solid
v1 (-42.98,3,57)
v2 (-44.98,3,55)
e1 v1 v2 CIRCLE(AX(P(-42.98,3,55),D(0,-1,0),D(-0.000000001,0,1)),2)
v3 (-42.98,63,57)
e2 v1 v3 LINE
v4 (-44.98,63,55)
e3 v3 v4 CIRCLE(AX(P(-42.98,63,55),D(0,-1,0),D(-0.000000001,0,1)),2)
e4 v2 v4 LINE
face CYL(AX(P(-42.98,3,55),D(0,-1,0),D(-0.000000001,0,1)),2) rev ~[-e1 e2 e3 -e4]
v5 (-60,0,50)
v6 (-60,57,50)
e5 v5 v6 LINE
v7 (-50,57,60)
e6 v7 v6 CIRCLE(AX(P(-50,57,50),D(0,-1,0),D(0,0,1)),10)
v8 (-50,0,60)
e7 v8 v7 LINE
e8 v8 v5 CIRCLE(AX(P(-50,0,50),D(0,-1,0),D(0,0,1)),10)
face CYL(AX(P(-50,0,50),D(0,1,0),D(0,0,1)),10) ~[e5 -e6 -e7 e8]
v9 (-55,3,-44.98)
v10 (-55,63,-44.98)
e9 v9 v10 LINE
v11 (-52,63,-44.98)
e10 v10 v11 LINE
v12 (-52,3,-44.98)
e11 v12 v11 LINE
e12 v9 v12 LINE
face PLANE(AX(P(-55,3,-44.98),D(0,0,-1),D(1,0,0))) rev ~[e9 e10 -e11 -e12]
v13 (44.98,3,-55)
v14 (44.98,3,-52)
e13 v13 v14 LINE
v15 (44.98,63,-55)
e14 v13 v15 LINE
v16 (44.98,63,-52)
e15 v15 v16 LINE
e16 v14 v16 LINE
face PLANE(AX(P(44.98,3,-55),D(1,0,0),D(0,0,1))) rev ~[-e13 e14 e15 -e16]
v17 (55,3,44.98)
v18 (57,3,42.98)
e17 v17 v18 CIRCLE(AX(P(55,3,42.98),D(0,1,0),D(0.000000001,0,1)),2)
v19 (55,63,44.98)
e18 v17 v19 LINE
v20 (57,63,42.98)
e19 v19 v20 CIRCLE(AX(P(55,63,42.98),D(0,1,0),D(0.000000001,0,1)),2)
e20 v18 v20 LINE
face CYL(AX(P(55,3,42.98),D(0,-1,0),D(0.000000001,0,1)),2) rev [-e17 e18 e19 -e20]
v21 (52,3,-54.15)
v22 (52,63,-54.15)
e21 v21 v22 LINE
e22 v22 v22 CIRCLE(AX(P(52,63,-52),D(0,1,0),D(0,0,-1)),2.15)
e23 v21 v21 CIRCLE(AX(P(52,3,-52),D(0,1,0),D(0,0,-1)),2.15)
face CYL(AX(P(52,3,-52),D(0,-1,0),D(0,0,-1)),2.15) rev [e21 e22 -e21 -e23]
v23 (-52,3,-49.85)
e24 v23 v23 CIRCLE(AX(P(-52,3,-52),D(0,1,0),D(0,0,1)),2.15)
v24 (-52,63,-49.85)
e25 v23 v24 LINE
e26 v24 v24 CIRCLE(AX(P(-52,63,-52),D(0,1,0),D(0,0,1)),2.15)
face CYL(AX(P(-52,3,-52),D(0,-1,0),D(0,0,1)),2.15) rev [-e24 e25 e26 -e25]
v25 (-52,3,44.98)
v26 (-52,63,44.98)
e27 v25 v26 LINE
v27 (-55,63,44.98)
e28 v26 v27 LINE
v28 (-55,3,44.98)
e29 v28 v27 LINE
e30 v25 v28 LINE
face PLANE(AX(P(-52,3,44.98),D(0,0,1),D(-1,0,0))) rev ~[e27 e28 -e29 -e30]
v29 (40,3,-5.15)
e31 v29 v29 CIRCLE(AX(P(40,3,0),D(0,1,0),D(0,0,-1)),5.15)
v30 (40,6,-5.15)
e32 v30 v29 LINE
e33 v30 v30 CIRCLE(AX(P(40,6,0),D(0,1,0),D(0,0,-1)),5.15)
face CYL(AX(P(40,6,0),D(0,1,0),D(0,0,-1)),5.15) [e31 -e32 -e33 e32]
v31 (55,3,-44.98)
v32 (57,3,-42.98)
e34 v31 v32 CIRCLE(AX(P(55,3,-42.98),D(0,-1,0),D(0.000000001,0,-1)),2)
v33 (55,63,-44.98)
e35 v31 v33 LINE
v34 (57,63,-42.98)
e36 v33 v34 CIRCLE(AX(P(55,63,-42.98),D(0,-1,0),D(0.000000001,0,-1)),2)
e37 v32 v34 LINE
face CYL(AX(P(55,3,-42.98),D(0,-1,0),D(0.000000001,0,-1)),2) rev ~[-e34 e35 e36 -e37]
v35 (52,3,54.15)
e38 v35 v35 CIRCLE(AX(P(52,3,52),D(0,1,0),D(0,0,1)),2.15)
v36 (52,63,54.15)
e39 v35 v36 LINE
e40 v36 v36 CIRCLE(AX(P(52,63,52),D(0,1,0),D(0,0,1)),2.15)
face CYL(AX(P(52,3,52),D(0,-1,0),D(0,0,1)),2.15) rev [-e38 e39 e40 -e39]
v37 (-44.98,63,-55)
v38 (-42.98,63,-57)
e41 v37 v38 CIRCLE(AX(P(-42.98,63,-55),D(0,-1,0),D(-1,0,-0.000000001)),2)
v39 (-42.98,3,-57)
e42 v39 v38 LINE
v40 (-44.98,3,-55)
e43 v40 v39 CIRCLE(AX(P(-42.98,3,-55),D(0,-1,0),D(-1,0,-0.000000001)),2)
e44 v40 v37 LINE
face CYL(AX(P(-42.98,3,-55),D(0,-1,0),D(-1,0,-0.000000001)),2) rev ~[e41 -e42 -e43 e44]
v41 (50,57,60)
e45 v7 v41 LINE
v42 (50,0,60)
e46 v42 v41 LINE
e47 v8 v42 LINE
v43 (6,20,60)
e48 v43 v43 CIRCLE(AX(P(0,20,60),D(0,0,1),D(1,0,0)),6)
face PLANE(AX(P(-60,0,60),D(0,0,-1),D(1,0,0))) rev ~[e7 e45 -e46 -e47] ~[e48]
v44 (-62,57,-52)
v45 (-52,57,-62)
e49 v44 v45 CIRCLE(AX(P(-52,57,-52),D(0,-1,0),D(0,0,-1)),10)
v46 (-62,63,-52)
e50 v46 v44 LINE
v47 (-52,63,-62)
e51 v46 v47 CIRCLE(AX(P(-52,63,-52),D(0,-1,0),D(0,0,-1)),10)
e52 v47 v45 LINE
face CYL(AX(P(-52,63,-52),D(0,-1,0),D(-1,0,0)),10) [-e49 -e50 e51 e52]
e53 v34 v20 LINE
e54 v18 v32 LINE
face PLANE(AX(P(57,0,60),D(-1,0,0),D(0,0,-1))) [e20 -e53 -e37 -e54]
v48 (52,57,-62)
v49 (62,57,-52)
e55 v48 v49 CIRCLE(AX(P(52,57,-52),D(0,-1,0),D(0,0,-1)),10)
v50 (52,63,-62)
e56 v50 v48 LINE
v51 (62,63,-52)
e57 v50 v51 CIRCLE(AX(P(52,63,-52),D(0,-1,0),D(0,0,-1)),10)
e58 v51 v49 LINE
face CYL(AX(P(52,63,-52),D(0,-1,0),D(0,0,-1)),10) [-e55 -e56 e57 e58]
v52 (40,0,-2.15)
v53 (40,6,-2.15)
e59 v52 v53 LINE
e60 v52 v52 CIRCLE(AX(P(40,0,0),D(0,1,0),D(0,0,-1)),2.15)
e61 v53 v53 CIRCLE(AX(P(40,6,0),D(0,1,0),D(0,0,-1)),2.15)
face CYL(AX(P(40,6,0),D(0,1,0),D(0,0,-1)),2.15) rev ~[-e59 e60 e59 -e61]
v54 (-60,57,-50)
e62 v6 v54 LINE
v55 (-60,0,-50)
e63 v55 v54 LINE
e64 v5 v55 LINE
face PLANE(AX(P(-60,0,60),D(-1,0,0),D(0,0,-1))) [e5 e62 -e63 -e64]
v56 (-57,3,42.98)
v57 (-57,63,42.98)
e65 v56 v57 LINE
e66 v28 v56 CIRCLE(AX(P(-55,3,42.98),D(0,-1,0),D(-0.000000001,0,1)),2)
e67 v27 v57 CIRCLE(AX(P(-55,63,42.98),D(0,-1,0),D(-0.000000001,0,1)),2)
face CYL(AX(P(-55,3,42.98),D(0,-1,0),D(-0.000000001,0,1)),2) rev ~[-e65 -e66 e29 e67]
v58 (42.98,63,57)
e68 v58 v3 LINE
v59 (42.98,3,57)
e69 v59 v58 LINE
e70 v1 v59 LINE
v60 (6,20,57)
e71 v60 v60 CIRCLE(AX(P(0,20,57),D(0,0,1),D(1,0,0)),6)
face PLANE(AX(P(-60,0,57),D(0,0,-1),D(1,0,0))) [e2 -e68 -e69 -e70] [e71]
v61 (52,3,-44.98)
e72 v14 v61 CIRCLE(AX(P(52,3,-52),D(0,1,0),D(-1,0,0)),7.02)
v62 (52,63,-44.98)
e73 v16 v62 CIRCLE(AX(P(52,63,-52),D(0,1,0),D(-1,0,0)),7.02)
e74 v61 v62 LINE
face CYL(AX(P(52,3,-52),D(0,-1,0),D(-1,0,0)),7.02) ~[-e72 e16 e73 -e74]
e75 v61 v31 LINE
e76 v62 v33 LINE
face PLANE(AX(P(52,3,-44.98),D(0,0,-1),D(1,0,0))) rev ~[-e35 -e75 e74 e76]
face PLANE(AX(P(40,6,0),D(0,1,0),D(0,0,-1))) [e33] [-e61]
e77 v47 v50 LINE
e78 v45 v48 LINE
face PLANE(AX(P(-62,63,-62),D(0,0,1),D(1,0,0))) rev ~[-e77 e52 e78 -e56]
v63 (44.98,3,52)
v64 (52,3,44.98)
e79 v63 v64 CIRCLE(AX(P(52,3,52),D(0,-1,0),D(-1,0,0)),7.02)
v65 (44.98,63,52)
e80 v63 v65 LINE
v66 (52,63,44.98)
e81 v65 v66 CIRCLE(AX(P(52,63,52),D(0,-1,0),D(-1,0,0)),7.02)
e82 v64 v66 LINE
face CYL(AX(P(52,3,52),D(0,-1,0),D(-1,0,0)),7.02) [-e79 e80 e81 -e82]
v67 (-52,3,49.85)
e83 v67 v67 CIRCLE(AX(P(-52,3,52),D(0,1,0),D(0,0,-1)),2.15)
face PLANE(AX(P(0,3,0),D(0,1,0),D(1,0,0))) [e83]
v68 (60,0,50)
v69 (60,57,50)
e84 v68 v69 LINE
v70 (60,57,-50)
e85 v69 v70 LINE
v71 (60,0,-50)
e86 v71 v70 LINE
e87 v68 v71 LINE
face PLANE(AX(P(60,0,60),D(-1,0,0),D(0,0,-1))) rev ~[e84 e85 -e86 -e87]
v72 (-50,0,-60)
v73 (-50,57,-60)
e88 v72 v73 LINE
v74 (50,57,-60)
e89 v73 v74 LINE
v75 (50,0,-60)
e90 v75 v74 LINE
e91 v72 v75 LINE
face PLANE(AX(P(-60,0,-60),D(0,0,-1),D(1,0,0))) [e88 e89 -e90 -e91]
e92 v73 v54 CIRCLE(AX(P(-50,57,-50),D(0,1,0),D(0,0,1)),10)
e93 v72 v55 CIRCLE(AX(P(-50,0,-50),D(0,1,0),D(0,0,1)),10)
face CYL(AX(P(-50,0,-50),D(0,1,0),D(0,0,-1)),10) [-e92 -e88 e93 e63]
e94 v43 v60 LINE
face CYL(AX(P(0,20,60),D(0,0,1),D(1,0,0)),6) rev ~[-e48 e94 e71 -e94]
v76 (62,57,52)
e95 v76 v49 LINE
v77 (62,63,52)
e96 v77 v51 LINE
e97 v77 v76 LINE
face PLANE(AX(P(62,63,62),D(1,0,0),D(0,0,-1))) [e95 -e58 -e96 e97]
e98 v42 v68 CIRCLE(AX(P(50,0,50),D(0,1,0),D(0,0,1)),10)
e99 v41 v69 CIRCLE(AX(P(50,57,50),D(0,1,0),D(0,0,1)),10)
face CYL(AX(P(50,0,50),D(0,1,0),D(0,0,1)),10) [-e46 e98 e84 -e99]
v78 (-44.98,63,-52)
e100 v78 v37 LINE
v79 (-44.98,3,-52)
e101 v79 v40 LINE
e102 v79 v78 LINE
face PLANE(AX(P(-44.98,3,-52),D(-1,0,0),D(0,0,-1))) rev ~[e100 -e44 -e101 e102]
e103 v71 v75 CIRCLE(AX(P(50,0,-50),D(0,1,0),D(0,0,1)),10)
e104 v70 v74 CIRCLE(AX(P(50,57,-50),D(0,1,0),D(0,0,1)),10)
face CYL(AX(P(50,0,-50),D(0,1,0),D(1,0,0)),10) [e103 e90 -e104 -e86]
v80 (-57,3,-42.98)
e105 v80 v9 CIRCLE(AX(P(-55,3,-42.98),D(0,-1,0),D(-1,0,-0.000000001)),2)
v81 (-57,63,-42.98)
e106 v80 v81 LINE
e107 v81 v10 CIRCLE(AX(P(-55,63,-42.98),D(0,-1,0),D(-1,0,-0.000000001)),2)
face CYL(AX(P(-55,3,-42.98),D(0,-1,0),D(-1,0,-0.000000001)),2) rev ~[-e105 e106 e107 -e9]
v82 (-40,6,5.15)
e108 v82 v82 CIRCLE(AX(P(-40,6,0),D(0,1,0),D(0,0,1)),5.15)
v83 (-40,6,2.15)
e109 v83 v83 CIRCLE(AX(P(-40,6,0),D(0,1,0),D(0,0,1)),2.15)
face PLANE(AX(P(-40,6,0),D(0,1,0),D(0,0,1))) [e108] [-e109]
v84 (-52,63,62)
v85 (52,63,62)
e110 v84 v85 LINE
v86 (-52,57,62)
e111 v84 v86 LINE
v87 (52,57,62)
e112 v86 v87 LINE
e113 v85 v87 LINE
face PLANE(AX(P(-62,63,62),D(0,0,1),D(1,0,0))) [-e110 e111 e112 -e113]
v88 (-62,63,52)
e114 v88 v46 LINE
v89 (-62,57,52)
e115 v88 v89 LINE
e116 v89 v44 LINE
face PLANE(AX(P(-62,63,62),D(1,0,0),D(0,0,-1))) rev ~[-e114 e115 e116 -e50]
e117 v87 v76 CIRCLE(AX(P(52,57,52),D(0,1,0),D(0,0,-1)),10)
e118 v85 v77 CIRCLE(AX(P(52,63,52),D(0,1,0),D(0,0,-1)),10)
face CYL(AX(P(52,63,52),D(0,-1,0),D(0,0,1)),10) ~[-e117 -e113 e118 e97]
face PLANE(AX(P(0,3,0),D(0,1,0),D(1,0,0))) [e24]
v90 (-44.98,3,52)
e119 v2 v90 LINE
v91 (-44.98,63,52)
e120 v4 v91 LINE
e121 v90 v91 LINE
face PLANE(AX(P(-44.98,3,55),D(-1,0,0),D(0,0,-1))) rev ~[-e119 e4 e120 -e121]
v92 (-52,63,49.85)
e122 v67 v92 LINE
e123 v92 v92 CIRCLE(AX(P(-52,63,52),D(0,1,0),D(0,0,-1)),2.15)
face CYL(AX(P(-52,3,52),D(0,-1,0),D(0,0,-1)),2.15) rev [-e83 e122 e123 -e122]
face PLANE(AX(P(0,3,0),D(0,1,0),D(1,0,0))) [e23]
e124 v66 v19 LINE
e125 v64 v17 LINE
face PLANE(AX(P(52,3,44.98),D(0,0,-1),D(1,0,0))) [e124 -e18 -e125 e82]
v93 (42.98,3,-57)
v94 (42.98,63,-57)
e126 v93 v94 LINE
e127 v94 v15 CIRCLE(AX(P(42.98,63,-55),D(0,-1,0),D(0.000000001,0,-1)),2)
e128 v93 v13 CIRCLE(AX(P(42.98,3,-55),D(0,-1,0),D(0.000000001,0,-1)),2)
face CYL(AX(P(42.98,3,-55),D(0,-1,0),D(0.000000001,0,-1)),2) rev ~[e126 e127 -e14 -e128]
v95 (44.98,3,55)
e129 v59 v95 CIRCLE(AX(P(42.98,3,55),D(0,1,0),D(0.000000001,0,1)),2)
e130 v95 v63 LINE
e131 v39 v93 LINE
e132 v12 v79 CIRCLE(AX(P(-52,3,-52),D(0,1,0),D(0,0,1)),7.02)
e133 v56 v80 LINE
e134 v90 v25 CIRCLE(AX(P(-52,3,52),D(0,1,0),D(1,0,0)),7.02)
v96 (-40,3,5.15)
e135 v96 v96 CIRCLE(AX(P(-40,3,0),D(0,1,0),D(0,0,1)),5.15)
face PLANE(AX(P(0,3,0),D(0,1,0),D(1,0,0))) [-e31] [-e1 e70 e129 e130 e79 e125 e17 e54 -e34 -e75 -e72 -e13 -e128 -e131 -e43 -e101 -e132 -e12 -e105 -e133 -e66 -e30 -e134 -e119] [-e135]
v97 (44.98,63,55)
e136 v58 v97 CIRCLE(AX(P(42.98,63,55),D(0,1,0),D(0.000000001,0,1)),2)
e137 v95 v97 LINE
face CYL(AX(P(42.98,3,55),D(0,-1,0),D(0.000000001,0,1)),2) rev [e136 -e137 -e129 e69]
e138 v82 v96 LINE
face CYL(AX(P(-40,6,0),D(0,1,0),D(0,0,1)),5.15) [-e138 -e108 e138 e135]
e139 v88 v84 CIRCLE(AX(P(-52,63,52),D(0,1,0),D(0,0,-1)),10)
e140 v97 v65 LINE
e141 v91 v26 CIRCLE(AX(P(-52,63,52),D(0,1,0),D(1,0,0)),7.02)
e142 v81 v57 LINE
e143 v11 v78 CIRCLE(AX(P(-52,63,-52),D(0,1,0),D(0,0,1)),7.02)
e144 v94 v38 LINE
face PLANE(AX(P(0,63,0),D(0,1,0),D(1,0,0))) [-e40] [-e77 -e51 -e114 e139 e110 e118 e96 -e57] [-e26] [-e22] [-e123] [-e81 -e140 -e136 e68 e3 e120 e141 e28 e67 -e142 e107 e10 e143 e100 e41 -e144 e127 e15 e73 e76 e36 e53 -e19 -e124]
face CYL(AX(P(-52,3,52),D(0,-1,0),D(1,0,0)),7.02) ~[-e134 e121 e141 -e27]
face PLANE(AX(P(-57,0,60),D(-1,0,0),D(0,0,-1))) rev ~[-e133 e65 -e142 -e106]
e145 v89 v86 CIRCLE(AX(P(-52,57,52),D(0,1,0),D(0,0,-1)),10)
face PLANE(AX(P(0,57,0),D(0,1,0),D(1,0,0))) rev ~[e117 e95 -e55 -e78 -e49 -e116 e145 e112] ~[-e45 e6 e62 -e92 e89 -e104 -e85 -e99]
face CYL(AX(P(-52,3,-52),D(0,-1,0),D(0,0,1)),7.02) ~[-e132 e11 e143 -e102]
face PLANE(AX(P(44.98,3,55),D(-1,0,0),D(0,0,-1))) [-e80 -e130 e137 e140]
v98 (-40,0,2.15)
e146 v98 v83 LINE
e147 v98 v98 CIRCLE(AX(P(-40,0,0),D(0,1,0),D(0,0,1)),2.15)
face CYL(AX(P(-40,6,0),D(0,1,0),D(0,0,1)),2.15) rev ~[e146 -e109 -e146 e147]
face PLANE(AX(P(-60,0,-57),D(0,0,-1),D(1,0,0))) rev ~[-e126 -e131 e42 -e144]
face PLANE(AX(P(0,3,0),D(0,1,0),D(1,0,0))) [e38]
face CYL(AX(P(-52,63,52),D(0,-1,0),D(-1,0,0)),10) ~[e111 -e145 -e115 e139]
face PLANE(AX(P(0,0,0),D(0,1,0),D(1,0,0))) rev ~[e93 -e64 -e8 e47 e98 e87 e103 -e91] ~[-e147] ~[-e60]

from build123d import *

# Parameters (mm, degrees)
SKETCH1_W           = 120
SKETCH1_H           = 120
BOSS_EXTRUDE1_DEPTH = 63
SHELL1_T            = -3
SKETCH2_R           = 2.15
BOSS_EXTRUDE2_DEPTH = 60
SKETCH3_W           = 124
SKETCH3_H           = 124
SKETCH3_W_2         = 120
SKETCH3_H_2         = 120
BOSS_EXTRUDE3_DEPTH = 6
FILLET1_R           = 10
SKETCH4_R           = 2.15
CUT_EXTRUDE1_DEPTH  = 3
BOSS_EXTRUDE4_START = 3
SKETCH5_R           = 5.15
SKETCH5_R_2         = 2.15
BOSS_EXTRUDE4_DEPTH = 3
SKETCH6_R           = 6
CUT_EXTRUDE2_DEPTH  = 10


with BuildPart() as part:
    # Sketch1 → Boss-Extrude1 (new body)
    with BuildSketch(Plane(origin=(0, 0, 0), x_dir=(1, 0, 0), z_dir=(0, 1, 0))):
        Rectangle(SKETCH1_W, SKETCH1_H)
    extrude(amount=BOSS_EXTRUDE1_DEPTH)

    # Shell1
    shell1_openings = [part.faces().sort_by_distance(p)[0] for p in [
        (0, 63, 0),
    ]]
    offset(amount=SHELL1_T, openings=shell1_openings, kind=Kind.INTERSECTION)

    # Sketch2 → Boss-Extrude2 (add)
    # profile 1 of 4: a face of its own
    with BuildSketch(Plane(origin=(0, 3, 0), x_dir=(1, 0, 0), z_dir=(0, 1, 0))):
        with BuildLine():
            Line((52, 44.98), (55, 44.98))
            ThreePointArc((55, 44.98), (56.414213562, 44.394213562), (57, 42.98))
            Line((57, 42.98), (57, 57))
            Line((57, 57), (42.98, 57))
            ThreePointArc((42.98, 57), (44.394213562, 56.414213562), (44.98, 55))
            Line((44.98, 55), (44.98, 52))
            ThreePointArc((44.98, 52), (47.036110396, 47.036110396), (52, 44.98))
        make_face()
        with Locations((52, 52)):
            Circle(SKETCH2_R, mode=Mode.SUBTRACT)
    # profile 2 of 4: a face of its own
    with BuildSketch(Plane(origin=(0, 3, 0), x_dir=(1, 0, 0), z_dir=(0, 1, 0))):
        with BuildLine():
            Line((-44.98, 52), (-44.98, 55))
            ThreePointArc((-44.98, 55), (-44.394213562, 56.414213562), (-42.98, 57))
            Line((-42.98, 57), (-57, 57))
            Line((-57, 57), (-57, 42.98))
            ThreePointArc((-57, 42.98), (-56.414213562, 44.394213562), (-55, 44.98))
            Line((-55, 44.98), (-52, 44.98))
            ThreePointArc((-52, 44.98), (-47.036110396, 47.036110396), (-44.98, 52))
        make_face()
        with Locations((-52, 52)):
            Circle(SKETCH2_R, mode=Mode.SUBTRACT)
    # profile 3 of 4: a face of its own
    with BuildSketch(Plane(origin=(0, 3, 0), x_dir=(1, 0, 0), z_dir=(0, 1, 0))):
        with BuildLine():
            Line((57, -42.98), (57, -57))
            Line((57, -57), (42.98, -57))
            ThreePointArc((42.98, -57), (44.394213562, -56.414213562), (44.98, -55))
            Line((44.98, -55), (44.98, -52))
            ThreePointArc((44.98, -52), (47.036110396, -47.036110396), (52, -44.98))
            Line((52, -44.98), (55, -44.98))
            ThreePointArc((55, -44.98), (56.414213562, -44.394213562), (57, -42.98))
        make_face()
        with Locations((52, -52)):
            Circle(SKETCH2_R, mode=Mode.SUBTRACT)
    # profile 4 of 4: a face of its own
    with BuildSketch(Plane(origin=(0, 3, 0), x_dir=(1, 0, 0), z_dir=(0, 1, 0))):
        with BuildLine():
            Line((-52, -44.98), (-55, -44.98))
            ThreePointArc((-55, -44.98), (-56.414213562, -44.394213562), (-57, -42.98))
            Line((-57, -42.98), (-57, -57))
            Line((-57, -57), (-42.98, -57))
            ThreePointArc((-42.98, -57), (-44.394213562, -56.414213562), (-44.98, -55))
            Line((-44.98, -55), (-44.98, -52))
            ThreePointArc((-44.98, -52), (-47.036110396, -47.036110396), (-52, -44.98))
        make_face()
        with Locations((-52, -52)):
            Circle(SKETCH2_R, mode=Mode.SUBTRACT)
    extrude(amount=BOSS_EXTRUDE2_DEPTH)

    # Sketch3 → Boss-Extrude3 (add)
    with BuildSketch(Plane(origin=(0, 63, 0), x_dir=(1, 0, 0), z_dir=(0, 1, 0))):
        Rectangle(SKETCH3_W, SKETCH3_H)
        Rectangle(SKETCH3_W_2, SKETCH3_H_2, mode=Mode.SUBTRACT)
    extrude(amount=-BOSS_EXTRUDE3_DEPTH)

    # Fillet1
    fillet1_edges = [part.edges().sort_by_distance(p)[0] for p in [
        (62, 60, 62),
        (60, 28.5, 60),
        (62, 60, -62),
        (60, 28.5, -60),
        (-62, 60, -62),
        (-60, 28.5, -60),
        (-62, 60, 62),
        (-60, 28.5, 60),
    ]]
    fillet(fillet1_edges, radius=FILLET1_R)

    # Sketch4 → Cut-Extrude1 (cut)
    with BuildSketch(Plane(origin=(0, 3, 0), x_dir=(1, 0, 0), z_dir=(0, 1, 0))):
        with Locations((-40, 0)):
            Circle(SKETCH4_R)
        with Locations((40, 0)):
            Circle(SKETCH4_R)
    extrude(amount=-CUT_EXTRUDE1_DEPTH, mode=Mode.SUBTRACT)

    # Sketch5 → Boss-Extrude4 (add)
    # profile 1 of 2: a face of its own
    with BuildSketch(Plane(origin=(0, 3, 0), x_dir=(1, 0, 0), z_dir=(0, 1, 0)).offset(BOSS_EXTRUDE4_START)):
        with Locations((-40, 0)):
            Circle(SKETCH5_R)
        with Locations((-40, 0)):
            Circle(SKETCH5_R_2, mode=Mode.SUBTRACT)
    # profile 2 of 2: a face of its own
    with BuildSketch(Plane(origin=(0, 3, 0), x_dir=(1, 0, 0), z_dir=(0, 1, 0)).offset(BOSS_EXTRUDE4_START)):
        with Locations((40, 0)):
            Circle(SKETCH5_R)
        with Locations((40, 0)):
            Circle(SKETCH5_R_2, mode=Mode.SUBTRACT)
    extrude(amount=-BOSS_EXTRUDE4_DEPTH)

    # Sketch6 → Cut-Extrude2 (cut)
    with BuildSketch(Plane.XY.offset(60)):
        with Locations((0, 20)):
            Circle(SKETCH6_R)
    extrude(amount=-CUT_EXTRUDE2_DEPTH, mode=Mode.SUBTRACT)


solid = part.part
